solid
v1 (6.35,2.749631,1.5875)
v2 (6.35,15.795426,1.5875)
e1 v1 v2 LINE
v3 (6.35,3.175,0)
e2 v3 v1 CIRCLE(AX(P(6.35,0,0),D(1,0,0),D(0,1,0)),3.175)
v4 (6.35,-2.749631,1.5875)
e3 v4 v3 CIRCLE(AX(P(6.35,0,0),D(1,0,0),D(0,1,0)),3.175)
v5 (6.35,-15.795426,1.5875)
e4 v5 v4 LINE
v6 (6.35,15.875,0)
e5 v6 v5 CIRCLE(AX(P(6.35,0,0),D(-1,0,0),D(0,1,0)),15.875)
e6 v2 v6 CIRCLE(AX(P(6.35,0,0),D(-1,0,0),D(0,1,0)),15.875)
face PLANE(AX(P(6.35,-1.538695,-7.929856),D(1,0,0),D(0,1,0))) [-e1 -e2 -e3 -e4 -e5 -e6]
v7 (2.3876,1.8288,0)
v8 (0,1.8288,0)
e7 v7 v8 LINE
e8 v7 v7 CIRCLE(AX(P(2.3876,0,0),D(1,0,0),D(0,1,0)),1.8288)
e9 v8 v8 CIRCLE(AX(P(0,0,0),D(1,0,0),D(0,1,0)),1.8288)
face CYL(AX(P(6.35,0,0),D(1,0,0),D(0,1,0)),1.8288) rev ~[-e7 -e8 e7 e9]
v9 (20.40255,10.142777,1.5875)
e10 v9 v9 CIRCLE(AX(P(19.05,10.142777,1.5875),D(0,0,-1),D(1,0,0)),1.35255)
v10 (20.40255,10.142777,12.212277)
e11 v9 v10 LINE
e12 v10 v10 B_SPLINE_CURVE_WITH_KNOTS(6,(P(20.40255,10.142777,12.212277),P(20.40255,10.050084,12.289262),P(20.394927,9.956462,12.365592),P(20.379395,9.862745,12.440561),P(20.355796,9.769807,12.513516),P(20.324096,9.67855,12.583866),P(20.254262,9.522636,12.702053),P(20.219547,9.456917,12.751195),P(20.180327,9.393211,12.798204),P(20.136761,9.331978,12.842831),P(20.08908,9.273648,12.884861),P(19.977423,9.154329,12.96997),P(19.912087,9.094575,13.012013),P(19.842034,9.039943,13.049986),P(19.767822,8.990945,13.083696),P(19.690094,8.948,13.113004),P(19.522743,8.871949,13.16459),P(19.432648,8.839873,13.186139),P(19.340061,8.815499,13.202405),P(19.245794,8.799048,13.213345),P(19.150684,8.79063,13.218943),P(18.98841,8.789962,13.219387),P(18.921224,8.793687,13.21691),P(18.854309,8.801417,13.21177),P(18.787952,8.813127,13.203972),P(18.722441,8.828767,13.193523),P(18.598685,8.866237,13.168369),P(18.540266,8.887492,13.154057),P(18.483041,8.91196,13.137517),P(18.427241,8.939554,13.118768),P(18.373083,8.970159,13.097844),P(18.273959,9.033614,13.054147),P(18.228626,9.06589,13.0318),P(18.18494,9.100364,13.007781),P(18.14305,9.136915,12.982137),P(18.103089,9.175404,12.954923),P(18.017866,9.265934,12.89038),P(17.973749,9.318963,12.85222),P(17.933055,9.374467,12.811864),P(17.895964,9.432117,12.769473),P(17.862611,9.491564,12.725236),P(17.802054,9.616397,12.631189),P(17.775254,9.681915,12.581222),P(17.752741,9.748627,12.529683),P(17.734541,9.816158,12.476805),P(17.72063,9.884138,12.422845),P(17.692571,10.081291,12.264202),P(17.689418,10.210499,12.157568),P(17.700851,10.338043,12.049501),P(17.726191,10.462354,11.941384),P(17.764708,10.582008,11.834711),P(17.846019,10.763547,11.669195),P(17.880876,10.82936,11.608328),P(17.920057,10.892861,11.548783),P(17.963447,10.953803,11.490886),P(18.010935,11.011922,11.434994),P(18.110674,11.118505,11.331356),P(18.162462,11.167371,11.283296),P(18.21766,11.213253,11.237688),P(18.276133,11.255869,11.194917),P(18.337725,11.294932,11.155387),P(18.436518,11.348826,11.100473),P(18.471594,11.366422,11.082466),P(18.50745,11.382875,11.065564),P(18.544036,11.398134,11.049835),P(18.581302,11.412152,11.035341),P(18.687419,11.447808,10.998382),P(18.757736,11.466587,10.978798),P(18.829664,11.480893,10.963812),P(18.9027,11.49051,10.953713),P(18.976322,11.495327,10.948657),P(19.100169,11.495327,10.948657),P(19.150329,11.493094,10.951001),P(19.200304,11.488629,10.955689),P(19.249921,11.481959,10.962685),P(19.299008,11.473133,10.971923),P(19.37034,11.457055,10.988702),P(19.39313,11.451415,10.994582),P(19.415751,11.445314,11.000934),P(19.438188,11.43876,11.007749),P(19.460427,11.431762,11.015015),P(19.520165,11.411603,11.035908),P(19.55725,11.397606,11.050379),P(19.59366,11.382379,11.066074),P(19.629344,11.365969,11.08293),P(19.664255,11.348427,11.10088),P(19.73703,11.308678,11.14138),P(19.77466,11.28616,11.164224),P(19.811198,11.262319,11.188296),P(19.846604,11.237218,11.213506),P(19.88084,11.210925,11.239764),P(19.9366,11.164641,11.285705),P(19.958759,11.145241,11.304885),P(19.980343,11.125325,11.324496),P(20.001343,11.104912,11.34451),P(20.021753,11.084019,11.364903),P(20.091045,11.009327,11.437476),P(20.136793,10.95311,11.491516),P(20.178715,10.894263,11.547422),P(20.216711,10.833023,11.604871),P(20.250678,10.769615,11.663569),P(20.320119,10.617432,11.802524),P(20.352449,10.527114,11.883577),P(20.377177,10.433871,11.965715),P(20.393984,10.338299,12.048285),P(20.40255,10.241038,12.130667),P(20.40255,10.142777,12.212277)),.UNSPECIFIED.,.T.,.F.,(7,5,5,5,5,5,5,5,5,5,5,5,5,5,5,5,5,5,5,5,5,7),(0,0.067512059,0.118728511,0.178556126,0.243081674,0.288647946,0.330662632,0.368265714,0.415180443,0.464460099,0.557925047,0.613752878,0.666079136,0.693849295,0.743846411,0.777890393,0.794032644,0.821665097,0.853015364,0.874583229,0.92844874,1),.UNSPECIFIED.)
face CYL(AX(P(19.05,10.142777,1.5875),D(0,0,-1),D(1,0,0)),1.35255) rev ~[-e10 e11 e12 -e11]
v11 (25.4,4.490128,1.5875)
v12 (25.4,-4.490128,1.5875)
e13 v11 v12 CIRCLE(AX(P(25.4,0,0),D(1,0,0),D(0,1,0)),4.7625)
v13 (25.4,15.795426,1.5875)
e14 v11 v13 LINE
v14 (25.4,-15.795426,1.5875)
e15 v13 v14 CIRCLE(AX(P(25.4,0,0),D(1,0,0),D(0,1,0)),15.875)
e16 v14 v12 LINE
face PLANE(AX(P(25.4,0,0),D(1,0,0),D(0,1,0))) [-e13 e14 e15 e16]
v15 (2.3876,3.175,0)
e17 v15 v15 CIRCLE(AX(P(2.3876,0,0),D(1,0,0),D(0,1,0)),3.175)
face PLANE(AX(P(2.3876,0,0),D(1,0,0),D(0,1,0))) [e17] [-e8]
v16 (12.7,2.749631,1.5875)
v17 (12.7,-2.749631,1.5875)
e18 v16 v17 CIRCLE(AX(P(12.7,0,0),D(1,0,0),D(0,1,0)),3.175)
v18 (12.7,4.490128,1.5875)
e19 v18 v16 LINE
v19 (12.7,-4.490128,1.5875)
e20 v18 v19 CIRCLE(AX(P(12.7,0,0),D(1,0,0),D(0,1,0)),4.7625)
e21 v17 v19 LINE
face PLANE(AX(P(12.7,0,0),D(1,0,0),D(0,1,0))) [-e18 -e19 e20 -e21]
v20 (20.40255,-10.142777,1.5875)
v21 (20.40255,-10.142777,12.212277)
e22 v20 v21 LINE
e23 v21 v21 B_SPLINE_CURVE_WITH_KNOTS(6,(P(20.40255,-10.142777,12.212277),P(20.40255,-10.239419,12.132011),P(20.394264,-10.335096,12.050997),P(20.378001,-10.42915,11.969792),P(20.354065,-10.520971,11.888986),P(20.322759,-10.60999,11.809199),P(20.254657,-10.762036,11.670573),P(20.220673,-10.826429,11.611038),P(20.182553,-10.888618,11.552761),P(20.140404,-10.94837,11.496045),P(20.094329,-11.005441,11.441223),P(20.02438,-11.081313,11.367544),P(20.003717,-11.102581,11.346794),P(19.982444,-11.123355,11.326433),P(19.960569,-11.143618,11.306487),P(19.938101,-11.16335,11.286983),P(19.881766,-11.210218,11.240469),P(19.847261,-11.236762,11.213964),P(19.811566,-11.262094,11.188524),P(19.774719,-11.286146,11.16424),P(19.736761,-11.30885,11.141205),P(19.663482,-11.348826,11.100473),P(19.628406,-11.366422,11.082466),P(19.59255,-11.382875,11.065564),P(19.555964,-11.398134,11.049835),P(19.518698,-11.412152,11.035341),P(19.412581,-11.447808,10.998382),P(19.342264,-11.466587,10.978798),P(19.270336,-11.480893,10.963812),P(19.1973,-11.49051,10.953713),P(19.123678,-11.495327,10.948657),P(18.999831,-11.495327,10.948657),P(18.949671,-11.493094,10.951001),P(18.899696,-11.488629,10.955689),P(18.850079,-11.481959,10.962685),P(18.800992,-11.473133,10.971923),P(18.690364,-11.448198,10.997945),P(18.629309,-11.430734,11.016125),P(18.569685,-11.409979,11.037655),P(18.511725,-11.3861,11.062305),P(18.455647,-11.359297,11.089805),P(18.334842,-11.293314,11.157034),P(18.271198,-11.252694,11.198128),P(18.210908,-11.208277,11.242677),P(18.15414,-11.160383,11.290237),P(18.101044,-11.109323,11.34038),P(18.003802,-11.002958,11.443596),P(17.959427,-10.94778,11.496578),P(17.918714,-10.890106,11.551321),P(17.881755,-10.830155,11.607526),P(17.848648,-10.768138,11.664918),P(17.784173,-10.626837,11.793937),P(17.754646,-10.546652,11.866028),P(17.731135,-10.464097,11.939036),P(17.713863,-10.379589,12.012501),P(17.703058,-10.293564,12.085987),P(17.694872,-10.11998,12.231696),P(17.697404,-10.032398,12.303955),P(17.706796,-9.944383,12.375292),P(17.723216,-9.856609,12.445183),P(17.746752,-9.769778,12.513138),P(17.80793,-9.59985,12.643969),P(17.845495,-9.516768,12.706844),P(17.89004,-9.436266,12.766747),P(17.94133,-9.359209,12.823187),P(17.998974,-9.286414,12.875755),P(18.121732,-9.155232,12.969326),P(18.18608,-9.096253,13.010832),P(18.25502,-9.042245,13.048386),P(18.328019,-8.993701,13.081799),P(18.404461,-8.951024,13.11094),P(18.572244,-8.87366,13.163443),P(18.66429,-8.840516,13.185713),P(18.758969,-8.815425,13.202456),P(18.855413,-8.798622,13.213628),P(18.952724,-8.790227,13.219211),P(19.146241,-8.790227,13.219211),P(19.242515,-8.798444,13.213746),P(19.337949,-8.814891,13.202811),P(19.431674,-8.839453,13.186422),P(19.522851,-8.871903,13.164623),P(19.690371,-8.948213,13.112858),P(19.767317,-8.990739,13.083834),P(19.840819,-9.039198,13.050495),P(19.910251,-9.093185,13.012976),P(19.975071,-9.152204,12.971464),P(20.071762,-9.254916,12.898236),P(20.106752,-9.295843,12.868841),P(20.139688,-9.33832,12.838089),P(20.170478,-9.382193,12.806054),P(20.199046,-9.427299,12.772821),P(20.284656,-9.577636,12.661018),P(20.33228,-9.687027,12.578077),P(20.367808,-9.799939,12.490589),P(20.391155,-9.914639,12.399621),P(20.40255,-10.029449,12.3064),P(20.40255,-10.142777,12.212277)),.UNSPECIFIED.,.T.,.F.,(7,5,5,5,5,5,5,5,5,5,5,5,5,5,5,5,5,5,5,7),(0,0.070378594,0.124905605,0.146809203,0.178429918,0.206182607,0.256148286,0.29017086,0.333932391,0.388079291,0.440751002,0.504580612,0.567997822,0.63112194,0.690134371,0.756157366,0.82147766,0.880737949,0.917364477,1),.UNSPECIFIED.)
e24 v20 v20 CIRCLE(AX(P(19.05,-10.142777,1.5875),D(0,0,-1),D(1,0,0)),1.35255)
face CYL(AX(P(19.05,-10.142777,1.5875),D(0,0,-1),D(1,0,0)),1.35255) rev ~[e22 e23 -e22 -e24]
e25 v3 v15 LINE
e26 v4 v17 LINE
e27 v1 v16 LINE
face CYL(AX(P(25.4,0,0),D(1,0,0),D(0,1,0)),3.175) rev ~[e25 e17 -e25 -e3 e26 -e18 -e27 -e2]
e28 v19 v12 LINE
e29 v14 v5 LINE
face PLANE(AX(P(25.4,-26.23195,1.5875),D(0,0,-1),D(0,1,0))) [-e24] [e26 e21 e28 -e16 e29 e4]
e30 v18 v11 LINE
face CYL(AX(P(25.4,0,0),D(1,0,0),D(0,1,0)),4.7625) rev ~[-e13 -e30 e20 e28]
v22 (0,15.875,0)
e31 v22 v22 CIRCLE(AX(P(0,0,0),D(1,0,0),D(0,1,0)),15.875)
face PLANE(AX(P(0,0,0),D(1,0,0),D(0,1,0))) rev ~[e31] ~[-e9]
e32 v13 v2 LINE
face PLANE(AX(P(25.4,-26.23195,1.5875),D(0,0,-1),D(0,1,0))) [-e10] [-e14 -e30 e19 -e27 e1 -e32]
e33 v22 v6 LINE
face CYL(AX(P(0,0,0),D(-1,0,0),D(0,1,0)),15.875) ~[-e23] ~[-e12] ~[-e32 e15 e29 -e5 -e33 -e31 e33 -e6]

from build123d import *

# Parameters (mm, degrees)
F0_R      = 15.875
F1_DEPTH  = 25.4
F2_W      = 49.386511
F2_H      = 19.034712
F3_DEPTH  = 19.05
F4_R      = 1.8288
F5_DEPTH  = 6.351
F6_R      = 4.7625
F7_DEPTH  = 12.7
F8_R      = 3.175
F9_DEPTH  = 23.0124
F10_R     = 1.35255
F11_DEPTH = 14.2885


with BuildPart() as f1:
    # F0 (on Right) → F1 (new body)
    with BuildSketch(Plane.YZ):
        Circle(F0_R)
    extrude(amount=F1_DEPTH)

    # F2 (on face) → F3 (cut)
    with BuildSketch(Plane.YZ.offset(25.4)):
        with Locations((-1.538695, -7.929856)):
            Rectangle(F2_W, F2_H)
    extrude(amount=-F3_DEPTH, mode=Mode.SUBTRACT)

    # F4 (on face) → F5 (cut, through all)
    with BuildSketch(Plane.YZ.offset(6.35)):
        Circle(F4_R)
    extrude(amount=-F5_DEPTH, mode=Mode.SUBTRACT)

    # F6 (on face) → F7 (cut)
    with BuildSketch(Plane.YZ.offset(25.4)):
        Circle(F6_R)
    extrude(amount=-F7_DEPTH, mode=Mode.SUBTRACT)

    # F8 (on face) → F9 (cut)
    with BuildSketch(Plane.YZ.offset(25.4)):
        Circle(F8_R)
    extrude(amount=-F9_DEPTH, mode=Mode.SUBTRACT)

    # F10 (on face) → F11 (cut, through all)
    with BuildSketch(Plane(origin=(0, 0, 1.5875), x_dir=(1, 0, 0), z_dir=(0, 0, -1))):
        with Locations((19.05, 10.142777)):
            Circle(F10_R)
        with Locations((19.05, -10.142777)):
            Circle(F10_R)
    extrude(amount=-F11_DEPTH, mode=Mode.SUBTRACT)


solid = f1.part
